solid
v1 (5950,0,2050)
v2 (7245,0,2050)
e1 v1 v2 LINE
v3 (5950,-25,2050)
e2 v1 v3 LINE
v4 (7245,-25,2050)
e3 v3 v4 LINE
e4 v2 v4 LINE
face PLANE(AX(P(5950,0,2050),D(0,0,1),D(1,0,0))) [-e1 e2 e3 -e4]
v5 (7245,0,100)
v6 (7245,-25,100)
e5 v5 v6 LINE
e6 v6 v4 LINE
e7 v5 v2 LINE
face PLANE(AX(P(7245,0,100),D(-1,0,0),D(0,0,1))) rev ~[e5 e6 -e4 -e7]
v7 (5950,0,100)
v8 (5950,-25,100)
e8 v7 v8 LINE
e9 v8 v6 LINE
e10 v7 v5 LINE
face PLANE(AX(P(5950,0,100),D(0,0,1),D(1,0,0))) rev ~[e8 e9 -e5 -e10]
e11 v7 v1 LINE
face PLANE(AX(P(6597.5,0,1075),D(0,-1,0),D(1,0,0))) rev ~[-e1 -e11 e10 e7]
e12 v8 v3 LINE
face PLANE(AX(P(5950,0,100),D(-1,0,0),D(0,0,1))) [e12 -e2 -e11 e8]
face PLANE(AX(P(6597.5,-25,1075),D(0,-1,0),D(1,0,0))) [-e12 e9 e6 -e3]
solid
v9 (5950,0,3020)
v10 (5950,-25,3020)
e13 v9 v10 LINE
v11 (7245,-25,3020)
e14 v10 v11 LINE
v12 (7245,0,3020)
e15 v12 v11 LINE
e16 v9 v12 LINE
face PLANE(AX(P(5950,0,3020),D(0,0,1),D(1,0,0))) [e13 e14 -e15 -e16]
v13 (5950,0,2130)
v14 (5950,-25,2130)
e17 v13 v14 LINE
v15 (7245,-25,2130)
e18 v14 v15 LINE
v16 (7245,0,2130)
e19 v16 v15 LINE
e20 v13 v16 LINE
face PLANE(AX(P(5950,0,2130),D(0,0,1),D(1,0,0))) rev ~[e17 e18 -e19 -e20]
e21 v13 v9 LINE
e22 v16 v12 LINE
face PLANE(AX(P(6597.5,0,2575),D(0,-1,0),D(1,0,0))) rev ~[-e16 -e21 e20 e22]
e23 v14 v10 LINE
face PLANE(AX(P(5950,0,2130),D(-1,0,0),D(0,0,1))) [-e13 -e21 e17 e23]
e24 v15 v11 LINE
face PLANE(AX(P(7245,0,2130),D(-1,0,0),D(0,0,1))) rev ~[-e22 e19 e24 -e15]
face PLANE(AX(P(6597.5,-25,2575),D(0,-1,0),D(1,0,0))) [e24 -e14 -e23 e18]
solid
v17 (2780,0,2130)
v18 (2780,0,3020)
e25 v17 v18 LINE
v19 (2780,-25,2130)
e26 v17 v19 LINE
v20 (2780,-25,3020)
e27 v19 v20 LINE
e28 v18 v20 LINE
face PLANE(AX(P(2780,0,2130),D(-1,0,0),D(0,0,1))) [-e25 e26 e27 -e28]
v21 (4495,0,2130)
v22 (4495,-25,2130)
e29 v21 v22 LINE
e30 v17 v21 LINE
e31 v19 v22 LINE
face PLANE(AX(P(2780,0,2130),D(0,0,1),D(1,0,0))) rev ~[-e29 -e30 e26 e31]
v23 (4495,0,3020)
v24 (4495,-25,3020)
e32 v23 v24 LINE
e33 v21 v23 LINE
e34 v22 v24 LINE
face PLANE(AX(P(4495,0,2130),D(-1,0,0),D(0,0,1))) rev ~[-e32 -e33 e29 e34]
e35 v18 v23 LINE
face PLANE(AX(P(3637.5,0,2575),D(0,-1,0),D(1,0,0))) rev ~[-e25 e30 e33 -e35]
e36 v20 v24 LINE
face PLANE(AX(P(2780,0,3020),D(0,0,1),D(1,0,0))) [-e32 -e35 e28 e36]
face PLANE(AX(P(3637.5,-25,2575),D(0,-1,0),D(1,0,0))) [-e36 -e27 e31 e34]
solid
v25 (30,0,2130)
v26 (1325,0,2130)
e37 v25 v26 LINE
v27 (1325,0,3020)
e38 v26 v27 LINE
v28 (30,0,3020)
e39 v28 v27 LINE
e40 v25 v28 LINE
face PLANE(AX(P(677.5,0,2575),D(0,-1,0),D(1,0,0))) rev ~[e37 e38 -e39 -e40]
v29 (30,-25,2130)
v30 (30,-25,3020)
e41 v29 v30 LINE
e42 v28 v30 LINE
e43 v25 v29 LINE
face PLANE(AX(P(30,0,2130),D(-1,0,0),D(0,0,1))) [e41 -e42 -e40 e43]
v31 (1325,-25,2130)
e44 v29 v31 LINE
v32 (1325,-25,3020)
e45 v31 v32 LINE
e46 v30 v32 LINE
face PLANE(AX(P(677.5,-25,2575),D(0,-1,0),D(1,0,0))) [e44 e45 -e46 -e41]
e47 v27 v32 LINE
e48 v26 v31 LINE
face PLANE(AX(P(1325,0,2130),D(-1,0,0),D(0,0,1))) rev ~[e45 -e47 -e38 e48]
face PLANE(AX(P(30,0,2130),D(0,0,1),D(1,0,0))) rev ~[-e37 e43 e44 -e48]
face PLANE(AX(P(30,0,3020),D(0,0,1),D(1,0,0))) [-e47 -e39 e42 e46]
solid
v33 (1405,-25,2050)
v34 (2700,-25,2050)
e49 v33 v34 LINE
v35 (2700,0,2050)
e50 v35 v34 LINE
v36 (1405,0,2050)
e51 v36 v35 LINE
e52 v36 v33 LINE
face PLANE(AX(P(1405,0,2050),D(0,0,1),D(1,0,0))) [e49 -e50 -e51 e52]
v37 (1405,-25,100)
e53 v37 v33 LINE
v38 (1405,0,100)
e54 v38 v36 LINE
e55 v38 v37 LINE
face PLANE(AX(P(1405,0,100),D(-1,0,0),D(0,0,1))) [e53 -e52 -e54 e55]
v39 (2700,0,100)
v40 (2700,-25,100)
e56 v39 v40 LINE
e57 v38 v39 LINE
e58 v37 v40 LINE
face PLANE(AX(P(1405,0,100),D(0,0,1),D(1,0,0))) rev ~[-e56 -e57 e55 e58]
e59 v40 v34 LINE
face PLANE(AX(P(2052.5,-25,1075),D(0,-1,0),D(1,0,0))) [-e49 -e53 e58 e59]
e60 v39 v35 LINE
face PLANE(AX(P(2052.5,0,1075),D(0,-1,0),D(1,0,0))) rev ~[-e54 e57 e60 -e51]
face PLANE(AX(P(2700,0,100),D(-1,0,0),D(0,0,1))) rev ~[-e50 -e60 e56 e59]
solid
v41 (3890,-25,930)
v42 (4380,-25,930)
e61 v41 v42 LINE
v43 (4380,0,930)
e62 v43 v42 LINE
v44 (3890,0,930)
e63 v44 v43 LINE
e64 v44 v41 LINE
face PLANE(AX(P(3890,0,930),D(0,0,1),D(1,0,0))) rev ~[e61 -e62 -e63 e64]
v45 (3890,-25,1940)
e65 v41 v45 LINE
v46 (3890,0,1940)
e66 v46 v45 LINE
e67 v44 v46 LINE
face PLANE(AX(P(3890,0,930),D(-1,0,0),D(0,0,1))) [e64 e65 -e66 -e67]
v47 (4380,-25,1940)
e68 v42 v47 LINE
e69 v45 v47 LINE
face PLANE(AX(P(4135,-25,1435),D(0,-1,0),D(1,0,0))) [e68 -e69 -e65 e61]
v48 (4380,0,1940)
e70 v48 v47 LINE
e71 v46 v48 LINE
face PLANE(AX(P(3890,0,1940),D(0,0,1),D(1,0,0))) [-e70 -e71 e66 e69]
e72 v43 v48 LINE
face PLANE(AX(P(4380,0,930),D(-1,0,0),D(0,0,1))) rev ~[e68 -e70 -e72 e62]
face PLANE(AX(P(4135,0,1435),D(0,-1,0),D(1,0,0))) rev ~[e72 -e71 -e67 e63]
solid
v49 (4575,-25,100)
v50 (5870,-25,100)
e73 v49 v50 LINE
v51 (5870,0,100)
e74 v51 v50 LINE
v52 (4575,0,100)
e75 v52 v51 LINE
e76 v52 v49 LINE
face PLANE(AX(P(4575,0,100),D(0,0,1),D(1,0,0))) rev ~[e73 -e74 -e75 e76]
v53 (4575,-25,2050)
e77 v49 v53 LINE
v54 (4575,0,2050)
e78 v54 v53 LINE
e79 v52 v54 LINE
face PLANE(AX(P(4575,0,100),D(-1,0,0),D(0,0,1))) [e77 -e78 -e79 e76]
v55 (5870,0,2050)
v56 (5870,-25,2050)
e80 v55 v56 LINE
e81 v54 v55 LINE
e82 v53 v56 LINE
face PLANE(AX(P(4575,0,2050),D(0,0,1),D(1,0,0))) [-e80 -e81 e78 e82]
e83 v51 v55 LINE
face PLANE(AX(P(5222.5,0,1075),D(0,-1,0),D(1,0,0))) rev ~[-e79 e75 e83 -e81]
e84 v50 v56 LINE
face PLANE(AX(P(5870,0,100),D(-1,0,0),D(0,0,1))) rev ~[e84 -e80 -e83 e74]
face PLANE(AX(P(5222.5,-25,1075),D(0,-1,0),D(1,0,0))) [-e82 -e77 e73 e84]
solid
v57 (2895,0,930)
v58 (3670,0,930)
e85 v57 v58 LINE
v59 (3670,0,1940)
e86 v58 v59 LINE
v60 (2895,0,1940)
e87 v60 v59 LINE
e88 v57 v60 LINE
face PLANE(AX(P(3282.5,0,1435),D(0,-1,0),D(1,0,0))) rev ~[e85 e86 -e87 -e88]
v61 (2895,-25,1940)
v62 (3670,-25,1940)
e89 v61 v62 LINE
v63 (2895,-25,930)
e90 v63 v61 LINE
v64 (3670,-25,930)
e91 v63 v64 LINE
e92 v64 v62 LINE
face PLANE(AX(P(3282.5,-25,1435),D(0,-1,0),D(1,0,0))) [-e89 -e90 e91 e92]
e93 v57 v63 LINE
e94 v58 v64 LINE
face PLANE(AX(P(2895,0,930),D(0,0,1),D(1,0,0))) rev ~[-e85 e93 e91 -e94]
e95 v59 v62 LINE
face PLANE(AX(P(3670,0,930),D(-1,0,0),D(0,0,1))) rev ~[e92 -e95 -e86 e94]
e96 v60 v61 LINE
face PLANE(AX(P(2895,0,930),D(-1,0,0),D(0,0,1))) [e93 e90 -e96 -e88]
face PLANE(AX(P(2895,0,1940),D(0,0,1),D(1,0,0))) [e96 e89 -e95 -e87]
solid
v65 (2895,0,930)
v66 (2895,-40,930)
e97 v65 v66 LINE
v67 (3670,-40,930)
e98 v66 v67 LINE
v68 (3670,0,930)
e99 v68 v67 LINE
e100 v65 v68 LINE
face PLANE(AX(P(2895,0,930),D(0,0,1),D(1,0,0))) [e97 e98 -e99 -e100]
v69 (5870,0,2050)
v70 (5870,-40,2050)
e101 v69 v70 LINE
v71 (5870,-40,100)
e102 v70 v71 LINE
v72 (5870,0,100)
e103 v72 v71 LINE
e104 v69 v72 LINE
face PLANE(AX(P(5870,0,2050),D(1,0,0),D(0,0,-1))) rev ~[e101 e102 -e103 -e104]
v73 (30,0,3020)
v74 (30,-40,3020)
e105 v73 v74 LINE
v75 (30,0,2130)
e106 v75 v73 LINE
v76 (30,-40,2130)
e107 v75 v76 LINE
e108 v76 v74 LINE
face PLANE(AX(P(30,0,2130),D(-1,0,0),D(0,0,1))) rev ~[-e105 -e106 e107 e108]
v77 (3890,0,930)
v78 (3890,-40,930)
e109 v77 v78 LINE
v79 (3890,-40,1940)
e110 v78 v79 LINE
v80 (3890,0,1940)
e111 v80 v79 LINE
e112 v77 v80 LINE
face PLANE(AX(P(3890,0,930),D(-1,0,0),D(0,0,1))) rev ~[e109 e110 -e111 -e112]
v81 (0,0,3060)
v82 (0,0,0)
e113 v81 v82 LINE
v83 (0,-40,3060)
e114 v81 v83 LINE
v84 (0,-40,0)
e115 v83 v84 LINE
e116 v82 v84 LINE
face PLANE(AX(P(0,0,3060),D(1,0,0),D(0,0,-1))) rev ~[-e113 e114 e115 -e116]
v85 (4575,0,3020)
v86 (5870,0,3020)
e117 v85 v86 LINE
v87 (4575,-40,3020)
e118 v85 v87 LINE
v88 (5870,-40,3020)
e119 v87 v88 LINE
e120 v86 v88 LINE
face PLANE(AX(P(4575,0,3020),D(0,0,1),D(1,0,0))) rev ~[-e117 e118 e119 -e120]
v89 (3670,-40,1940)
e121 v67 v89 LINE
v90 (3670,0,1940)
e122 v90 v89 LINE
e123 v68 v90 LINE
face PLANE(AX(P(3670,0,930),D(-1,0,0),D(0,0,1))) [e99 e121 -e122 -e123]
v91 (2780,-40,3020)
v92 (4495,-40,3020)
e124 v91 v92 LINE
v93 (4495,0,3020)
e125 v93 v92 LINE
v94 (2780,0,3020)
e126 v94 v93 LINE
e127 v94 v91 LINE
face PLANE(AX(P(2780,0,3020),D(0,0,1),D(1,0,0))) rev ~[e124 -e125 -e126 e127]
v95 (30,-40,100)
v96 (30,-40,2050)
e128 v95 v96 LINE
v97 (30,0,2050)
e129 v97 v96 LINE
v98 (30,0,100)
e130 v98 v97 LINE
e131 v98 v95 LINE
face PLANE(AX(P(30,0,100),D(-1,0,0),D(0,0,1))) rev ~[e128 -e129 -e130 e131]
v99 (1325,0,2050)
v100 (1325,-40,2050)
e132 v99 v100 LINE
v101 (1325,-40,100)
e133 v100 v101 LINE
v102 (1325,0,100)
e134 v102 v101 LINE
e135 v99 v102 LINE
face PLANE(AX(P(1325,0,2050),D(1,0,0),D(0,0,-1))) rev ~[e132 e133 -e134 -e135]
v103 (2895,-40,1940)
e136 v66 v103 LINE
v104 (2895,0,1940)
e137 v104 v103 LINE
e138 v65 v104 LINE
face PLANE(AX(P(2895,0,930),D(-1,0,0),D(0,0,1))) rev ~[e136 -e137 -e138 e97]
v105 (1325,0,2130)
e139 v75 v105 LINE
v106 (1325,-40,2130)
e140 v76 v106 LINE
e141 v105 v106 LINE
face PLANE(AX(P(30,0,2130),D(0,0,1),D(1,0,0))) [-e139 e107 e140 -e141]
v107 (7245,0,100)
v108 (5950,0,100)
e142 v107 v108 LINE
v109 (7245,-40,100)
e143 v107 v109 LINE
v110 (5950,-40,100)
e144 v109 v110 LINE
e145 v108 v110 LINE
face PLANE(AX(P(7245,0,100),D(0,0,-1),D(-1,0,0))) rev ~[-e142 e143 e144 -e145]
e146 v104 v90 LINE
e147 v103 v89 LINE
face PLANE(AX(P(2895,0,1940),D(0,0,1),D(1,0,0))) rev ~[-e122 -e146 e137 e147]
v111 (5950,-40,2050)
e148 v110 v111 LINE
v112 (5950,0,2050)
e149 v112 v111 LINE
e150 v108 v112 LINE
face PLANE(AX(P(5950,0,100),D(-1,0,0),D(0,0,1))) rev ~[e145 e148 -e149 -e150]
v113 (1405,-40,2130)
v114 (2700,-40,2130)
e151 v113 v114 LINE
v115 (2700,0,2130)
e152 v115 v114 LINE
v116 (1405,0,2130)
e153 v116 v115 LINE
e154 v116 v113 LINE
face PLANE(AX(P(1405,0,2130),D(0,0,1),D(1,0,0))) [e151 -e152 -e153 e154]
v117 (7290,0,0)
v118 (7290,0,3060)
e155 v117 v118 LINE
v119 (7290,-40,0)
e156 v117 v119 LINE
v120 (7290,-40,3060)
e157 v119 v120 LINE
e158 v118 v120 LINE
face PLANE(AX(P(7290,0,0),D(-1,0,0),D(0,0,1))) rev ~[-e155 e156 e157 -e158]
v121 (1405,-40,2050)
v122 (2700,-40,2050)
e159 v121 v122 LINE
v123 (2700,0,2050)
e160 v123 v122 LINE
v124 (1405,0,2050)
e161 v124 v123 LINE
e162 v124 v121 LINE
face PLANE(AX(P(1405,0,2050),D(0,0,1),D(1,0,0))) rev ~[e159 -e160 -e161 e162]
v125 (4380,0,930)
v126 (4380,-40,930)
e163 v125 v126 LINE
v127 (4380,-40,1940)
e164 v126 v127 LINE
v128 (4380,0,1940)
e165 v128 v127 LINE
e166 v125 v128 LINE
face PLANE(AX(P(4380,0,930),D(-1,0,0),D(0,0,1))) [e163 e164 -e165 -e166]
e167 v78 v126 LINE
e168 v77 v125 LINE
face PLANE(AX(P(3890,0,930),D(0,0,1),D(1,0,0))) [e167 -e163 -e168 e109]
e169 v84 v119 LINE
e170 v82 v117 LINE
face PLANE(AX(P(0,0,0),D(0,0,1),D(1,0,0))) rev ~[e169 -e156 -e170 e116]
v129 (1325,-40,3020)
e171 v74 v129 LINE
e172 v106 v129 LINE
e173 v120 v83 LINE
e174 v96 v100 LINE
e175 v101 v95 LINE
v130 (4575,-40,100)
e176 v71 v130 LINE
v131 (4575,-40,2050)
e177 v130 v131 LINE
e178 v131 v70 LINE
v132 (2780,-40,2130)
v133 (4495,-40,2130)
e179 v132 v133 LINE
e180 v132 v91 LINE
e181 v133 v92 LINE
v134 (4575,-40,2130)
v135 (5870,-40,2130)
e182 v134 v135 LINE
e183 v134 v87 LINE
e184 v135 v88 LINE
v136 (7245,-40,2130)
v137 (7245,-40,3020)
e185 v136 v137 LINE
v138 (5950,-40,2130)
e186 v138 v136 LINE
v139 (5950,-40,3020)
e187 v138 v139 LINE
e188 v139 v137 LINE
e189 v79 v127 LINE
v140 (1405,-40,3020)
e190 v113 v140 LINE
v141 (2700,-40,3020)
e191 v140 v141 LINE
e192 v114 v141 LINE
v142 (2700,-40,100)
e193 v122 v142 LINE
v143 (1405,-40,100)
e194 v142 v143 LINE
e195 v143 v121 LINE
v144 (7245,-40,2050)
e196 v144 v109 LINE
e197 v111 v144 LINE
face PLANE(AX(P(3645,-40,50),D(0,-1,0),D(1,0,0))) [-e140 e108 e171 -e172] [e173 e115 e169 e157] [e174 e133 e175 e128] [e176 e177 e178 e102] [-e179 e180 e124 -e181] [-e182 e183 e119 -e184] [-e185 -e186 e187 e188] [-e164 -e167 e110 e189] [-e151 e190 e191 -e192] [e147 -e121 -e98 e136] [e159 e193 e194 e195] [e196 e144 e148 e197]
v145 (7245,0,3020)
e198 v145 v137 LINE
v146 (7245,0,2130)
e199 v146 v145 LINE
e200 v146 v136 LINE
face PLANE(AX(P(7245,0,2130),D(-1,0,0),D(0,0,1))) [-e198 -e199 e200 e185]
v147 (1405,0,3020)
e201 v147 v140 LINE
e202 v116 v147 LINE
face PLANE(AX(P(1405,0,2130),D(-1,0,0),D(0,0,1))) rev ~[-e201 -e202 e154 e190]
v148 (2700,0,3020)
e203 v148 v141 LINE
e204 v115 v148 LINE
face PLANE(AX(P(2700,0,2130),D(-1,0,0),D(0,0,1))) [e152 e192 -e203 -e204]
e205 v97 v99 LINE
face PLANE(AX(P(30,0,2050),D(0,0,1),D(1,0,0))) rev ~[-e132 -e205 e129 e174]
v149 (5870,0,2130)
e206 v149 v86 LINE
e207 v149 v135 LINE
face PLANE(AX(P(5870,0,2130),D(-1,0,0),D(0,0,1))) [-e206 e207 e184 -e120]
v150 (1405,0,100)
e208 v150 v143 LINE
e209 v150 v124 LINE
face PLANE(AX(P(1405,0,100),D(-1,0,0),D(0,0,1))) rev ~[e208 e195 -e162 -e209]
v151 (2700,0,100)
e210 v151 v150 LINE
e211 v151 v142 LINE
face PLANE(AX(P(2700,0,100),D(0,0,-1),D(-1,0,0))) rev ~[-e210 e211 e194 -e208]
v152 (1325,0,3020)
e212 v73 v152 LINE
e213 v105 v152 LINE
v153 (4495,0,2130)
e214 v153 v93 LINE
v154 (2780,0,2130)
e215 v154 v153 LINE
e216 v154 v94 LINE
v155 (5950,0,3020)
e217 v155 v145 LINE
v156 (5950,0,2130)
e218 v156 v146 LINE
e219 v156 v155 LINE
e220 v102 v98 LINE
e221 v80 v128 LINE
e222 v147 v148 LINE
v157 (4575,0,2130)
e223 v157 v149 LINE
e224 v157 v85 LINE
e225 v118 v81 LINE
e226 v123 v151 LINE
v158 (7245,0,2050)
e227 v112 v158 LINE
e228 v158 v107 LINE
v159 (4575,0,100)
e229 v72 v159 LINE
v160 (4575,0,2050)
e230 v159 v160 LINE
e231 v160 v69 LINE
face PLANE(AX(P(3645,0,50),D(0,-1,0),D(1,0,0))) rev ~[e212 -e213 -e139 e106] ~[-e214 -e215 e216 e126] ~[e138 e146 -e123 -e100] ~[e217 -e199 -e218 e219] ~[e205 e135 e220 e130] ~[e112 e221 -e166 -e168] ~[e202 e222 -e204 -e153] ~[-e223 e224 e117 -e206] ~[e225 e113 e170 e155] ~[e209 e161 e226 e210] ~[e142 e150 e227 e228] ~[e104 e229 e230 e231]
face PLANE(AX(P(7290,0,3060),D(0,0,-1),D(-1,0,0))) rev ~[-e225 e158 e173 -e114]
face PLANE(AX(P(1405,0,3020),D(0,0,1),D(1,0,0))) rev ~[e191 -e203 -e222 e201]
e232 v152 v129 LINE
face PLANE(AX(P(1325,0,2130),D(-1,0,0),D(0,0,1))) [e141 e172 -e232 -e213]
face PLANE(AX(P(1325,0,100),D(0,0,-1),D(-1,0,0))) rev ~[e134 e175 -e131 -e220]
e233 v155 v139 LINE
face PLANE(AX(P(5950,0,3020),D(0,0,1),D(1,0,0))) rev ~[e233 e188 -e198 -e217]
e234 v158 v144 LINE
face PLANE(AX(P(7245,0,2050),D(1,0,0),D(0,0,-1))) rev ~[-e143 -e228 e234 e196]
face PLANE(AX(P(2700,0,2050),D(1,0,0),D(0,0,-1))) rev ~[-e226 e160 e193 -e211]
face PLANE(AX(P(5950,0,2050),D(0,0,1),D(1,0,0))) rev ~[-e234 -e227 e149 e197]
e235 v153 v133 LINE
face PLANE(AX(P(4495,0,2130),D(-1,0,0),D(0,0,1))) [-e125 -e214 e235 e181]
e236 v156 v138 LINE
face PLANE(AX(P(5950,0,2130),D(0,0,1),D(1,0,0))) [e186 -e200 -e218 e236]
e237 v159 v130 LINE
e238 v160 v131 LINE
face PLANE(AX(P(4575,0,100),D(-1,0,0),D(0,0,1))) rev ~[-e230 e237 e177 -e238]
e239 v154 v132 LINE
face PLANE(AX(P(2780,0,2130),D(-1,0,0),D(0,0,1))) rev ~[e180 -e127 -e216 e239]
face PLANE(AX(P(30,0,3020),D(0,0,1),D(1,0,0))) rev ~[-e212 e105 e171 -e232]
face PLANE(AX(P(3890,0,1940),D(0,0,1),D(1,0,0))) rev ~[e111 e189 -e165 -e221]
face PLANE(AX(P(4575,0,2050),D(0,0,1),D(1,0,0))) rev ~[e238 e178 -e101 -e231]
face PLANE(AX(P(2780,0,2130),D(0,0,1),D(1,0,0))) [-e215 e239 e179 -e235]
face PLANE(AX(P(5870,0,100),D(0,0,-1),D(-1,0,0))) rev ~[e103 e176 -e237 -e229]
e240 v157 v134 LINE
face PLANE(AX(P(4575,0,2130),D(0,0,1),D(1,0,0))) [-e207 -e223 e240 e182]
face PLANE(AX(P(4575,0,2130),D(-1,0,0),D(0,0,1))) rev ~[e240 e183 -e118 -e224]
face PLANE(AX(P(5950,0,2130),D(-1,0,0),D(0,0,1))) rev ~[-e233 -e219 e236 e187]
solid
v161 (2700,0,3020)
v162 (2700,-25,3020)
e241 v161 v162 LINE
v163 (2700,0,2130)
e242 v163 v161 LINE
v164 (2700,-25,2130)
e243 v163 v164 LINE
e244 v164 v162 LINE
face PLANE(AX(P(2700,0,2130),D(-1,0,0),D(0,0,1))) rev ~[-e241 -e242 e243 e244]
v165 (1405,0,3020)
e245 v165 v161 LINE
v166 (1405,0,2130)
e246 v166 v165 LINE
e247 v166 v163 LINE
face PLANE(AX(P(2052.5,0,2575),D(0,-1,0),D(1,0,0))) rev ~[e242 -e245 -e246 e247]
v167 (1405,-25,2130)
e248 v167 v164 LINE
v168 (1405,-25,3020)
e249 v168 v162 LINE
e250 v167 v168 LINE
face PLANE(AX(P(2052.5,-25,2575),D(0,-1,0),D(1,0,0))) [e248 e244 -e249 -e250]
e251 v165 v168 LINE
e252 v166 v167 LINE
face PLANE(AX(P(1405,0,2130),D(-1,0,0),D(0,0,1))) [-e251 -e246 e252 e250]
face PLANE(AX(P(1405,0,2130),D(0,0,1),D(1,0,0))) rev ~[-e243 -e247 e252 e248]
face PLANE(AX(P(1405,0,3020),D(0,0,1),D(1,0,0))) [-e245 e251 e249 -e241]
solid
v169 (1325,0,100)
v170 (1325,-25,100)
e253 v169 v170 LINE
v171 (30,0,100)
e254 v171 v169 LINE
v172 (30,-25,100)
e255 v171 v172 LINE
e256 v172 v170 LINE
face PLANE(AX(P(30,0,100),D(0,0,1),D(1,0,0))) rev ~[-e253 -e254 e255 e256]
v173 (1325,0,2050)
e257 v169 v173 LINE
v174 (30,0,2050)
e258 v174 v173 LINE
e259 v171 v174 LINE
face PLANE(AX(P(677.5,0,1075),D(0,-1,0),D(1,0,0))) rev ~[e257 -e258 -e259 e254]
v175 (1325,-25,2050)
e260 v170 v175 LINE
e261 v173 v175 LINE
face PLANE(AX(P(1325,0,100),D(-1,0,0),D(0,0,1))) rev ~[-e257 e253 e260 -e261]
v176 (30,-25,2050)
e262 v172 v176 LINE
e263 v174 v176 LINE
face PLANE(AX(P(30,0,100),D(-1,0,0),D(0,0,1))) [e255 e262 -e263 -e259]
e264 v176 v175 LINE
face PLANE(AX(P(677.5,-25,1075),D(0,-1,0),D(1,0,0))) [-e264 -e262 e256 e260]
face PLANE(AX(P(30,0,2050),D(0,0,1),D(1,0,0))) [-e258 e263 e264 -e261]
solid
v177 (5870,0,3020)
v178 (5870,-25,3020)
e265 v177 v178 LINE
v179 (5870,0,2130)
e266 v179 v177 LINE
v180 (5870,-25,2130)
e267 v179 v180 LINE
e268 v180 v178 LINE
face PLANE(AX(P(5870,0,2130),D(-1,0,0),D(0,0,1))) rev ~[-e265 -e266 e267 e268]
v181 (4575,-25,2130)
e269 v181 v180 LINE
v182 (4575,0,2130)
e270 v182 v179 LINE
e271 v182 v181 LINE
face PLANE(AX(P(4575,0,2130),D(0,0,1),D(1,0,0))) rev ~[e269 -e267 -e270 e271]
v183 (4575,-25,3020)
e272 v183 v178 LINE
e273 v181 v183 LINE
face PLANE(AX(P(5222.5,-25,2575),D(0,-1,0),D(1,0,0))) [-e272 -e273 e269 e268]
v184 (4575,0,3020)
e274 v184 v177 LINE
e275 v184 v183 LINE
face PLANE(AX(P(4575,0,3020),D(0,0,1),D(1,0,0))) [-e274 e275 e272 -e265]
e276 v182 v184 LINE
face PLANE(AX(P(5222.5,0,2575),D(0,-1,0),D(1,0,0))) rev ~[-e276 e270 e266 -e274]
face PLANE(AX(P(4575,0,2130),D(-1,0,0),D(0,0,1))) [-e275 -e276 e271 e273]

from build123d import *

# Parameters (mm, degrees)
F0_W     = 1295
F0_H     = 890
F0_H_2   = 1950
F0_W_2   = 1715
F0_W_3   = 775
F0_H_3   = 1010
F0_W_4   = 490
F1_DEPTH = 25
F2_DEPTH = 40


with BuildPart() as f1:
    # F0 (on Front) → F1 (new body)
    with BuildSketch(Plane.XZ):
        with Locations((677.5, 2575)):
            Rectangle(F0_W, F0_H)
        with Locations((677.5, 1075)):
            Rectangle(F0_W, F0_H_2)
        with Locations((2052.5, 2575)):
            Rectangle(F0_W, F0_H)
        with Locations((2052.5, 1075)):
            Rectangle(F0_W, F0_H_2)
        with Locations((3637.5, 2575)):
            Rectangle(F0_W_2, F0_H)
        with Locations((3282.5, 1435)):
            Rectangle(F0_W_3, F0_H_3)
        with Locations((4135, 1435)):
            Rectangle(F0_W_4, F0_H_3)
        with Locations((5222.5, 2575)):
            Rectangle(F0_W, F0_H)
        with Locations((5222.5, 1075)):
            Rectangle(F0_W, F0_H_2)
        with Locations((6597.5, 2575)):
            Rectangle(F0_W, F0_H)
        with Locations((6597.5, 1075)):
            Rectangle(F0_W, F0_H_2)
    extrude(amount=F1_DEPTH)


with BuildPart() as f2:
    # F0 (on Front) → F2 (new body)
    with BuildSketch(Plane.XZ):
        Polygon((0, 100), (0, 0), (7290, 0), (7290, 100), (7245, 100), (5950, 100), (5870, 100), (4575, 100), (4380, 100), (3890, 100), (3670, 100), (2895, 100), (2700, 100), (1405, 100), (1325, 100), (30, 100), align=None)
        Polygon((0, 2050), (0, 100), (30, 100), (30, 2050), (1325, 2050), (1325, 100), (1405, 100), (1405, 2050), (2700, 2050), (2700, 100), (2895, 100), (3670, 100), (3890, 100), (4380, 100), (4575, 100), (4575, 2050), (5870, 2050), (5870, 100), (5950, 100), (5950, 2050), (7245, 2050), (7245, 100), (7290, 100), (7290, 3060), (0, 3060), (0, 2130), align=None)
        with Locations((3282.5, 1435)):
            Rectangle(F0_W_3, F0_H_3, mode=Mode.SUBTRACT)
        with Locations((4135, 1435)):
            Rectangle(F0_W_4, F0_H_3, mode=Mode.SUBTRACT)
        with Locations((677.5, 2575)):
            Rectangle(F0_W, F0_H, mode=Mode.SUBTRACT)
        with Locations((2052.5, 2575)):
            Rectangle(F0_W, F0_H, mode=Mode.SUBTRACT)
        with Locations((3637.5, 2575)):
            Rectangle(F0_W_2, F0_H, mode=Mode.SUBTRACT)
        with Locations((5222.5, 2575)):
            Rectangle(F0_W, F0_H, mode=Mode.SUBTRACT)
        with Locations((6597.5, 2575)):
            Rectangle(F0_W, F0_H, mode=Mode.SUBTRACT)
    extrude(amount=F2_DEPTH)


solid = Compound([f1.part, f2.part])
